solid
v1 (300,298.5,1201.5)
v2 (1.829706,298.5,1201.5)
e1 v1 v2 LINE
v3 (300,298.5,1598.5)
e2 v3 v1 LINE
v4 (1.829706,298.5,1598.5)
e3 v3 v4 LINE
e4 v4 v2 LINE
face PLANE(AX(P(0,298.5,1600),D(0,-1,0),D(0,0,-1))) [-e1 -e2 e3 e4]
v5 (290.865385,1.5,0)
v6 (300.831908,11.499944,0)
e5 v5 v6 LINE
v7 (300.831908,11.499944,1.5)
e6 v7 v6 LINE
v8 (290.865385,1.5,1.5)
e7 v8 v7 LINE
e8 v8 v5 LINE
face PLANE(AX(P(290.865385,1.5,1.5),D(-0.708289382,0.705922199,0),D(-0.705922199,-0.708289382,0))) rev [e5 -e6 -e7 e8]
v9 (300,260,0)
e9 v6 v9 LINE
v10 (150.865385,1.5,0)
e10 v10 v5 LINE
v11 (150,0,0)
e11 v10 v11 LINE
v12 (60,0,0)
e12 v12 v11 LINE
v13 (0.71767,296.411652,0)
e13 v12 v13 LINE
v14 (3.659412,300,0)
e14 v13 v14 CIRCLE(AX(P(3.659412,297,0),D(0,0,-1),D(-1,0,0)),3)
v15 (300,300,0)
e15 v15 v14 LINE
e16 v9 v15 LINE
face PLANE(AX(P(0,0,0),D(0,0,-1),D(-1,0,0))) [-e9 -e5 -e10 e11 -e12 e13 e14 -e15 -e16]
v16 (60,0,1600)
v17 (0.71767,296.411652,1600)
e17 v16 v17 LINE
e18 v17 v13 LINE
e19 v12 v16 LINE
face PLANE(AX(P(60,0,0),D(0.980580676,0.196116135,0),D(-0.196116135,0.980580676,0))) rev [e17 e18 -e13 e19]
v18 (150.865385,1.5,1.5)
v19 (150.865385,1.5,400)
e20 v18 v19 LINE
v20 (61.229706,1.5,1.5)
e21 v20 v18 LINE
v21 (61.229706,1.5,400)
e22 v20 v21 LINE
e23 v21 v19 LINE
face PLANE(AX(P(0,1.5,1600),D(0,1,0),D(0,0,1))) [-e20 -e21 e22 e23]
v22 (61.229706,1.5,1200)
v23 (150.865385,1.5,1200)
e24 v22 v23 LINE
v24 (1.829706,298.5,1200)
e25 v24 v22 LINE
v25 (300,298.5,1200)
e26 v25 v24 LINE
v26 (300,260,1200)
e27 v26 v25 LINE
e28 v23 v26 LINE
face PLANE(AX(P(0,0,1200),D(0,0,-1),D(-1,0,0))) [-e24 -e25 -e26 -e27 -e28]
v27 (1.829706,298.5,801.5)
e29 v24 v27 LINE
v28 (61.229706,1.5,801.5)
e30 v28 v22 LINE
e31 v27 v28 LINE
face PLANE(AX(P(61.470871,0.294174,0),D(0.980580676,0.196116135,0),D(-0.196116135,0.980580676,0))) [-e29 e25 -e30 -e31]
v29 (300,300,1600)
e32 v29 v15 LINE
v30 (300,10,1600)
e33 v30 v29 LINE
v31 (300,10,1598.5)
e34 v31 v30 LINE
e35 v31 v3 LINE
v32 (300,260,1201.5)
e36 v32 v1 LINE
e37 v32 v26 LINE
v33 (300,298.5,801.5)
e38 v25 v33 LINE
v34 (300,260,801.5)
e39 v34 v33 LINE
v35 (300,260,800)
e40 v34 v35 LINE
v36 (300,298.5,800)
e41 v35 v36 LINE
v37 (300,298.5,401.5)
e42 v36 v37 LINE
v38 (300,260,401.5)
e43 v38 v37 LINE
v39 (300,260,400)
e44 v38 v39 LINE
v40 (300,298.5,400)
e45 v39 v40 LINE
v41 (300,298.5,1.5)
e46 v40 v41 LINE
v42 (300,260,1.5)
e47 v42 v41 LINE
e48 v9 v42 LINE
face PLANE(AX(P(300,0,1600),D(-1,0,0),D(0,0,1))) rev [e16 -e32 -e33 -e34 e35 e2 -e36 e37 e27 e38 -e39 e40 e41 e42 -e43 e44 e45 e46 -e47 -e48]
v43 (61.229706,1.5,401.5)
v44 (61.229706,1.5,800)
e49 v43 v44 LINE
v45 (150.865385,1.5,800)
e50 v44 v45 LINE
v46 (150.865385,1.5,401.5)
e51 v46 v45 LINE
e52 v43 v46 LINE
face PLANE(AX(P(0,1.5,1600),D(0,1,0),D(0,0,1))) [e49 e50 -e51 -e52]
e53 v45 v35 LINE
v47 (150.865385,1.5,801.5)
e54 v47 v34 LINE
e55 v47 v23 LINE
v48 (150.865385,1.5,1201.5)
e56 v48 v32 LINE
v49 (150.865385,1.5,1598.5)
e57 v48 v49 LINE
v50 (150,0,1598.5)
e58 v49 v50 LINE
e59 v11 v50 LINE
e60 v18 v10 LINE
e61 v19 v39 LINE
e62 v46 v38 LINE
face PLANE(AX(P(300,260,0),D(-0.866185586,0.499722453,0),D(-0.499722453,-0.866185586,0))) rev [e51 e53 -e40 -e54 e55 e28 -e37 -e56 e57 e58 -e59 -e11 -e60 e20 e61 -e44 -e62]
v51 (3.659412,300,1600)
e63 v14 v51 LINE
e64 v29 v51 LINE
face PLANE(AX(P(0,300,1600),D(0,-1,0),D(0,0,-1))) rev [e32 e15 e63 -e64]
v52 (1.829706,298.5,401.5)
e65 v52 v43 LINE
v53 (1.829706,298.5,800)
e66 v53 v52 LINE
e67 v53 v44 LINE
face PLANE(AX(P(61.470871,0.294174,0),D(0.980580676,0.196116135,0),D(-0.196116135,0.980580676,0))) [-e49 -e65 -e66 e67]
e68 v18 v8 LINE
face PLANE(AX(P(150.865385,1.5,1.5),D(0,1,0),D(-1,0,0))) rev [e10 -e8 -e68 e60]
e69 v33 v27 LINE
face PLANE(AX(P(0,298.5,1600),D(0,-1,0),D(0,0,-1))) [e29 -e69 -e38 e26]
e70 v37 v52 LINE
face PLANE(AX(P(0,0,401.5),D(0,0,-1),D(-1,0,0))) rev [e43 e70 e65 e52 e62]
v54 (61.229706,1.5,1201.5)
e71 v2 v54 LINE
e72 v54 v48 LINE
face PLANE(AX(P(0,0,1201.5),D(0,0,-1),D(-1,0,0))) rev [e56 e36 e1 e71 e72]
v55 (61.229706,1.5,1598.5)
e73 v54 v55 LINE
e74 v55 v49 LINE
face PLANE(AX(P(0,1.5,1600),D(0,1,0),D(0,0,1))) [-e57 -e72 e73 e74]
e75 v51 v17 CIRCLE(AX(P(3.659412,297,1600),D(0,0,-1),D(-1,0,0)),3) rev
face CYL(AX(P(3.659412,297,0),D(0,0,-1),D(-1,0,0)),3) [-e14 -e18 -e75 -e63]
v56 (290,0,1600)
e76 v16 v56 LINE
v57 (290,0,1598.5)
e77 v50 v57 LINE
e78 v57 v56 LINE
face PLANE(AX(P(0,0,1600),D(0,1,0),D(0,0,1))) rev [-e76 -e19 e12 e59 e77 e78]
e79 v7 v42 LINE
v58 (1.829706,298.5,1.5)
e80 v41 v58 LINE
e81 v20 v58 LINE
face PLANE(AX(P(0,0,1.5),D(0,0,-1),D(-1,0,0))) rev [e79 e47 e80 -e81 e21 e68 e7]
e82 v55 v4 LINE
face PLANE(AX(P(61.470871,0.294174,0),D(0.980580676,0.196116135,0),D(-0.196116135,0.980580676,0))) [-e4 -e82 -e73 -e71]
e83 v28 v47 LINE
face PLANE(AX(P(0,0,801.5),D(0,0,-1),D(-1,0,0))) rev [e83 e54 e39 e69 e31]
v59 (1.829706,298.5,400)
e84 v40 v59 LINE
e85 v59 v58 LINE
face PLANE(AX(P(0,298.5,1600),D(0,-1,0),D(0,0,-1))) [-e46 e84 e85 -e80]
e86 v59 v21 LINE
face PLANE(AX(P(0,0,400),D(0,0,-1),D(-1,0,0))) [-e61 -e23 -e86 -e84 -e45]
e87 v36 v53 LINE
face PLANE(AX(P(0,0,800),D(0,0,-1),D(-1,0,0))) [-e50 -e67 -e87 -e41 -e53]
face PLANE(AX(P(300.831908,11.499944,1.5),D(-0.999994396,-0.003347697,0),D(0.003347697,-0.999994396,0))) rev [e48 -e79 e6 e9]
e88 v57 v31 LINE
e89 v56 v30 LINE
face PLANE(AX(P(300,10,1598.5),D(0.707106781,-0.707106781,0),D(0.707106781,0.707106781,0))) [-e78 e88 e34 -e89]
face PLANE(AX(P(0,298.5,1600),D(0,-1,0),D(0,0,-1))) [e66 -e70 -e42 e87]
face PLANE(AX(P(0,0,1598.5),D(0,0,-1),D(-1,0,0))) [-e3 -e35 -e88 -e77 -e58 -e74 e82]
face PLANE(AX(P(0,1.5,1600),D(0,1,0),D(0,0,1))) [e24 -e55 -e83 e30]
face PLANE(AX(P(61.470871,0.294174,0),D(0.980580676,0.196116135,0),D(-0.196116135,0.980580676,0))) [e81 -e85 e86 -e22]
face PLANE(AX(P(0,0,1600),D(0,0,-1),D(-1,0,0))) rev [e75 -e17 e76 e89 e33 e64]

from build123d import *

# Parameters (mm, degrees)
SKETCH_1_W             = 300
SKETCH_1_H             = 300
EXTRUDE_1_DEPTH        = 1600
CUT_EXTRUDE_1_DEPTH    = 1656.294535725
CUT_EXTRUDE_4_DEPTH    = 1656.294535725
SHELL_2_T              = -1.5
EXTRUDE_2_DEPTH        = 1.5
PATTERN_LINEAR_1_COUNT = 3
PATTERN_LINEAR_1_PITCH = 400
EXTRUDE_3_DEPTH        = 1.5
EXTRUDE_4_DEPTH        = 1.5
FILLET_1_R             = 3


with BuildPart() as part:
    # 草图1 → 凸台-拉伸1 (new body)
    with BuildSketch(Plane.XY):
        with Locations((150, 150)):
            Rectangle(SKETCH_1_W, SKETCH_1_H)
    extrude(amount=EXTRUDE_1_DEPTH)

    # 草图7 → 切除-拉伸1 (cut, through all)
    with BuildSketch(Plane.XY.offset(1600)):
        Polygon((300, 260), (150, 0), (300, 0), align=None)
    extrude(amount=-CUT_EXTRUDE_1_DEPTH, mode=Mode.SUBTRACT)

    # 草图11 → 切除-拉伸4 (cut, through all)
    with BuildSketch(Plane.XY.offset(1600)):
        Polygon((0, 300), (0, 0), (60, 0), align=None)
    extrude(amount=-CUT_EXTRUDE_4_DEPTH, mode=Mode.SUBTRACT)

    # 抽壳2
    shell_2_openings = [part.faces().sort_by_distance(p)[0] for p in [
        (225, 130, 800),
        (300, 280, 800),
    ]]
    offset(amount=SHELL_2_T, openings=shell_2_openings, kind=Kind.INTERSECTION)

    # 草图13 → 凸台-拉伸2 (add)
    with BuildSketch(Plane.XY.offset(1200)):
        Polygon((1.829705854, 298.5), (61.229705854, 1.5), (150.865384615, 1.5), (300, 260), (300, 298.5), align=None)
    extrude_2 = extrude(amount=EXTRUDE_2_DEPTH)

    # 阵列(线性)1: 凸台-拉伸2 ×3
    with Locations(*[(0, 0, -i * PATTERN_LINEAR_1_PITCH) for i in range(1, PATTERN_LINEAR_1_COUNT)]):
        add(extrude_2)

    # 草图14 → 凸台-拉伸3 (add)
    with BuildSketch(Plane.XY.offset(1600)):
        Polygon((300, 260), (300, 10), (290, 0), (150, 0), align=None)
    extrude(amount=-EXTRUDE_3_DEPTH)

    # 草图15 → 凸台-拉伸4 (add)
    with BuildSketch(Plane(origin=(0, 0, 0), x_dir=(-1, 0, 0), z_dir=(0, 0, -1))):
        Polygon((-300, 260), (-150.865384615, 1.5), (-290.865384615, 1.5), (-300.831907642, 11.499943964), align=None)
    extrude(amount=-EXTRUDE_4_DEPTH)

    # 圆角1
    fillet_1_edges = [part.edges().sort_by_distance(p)[0] for p in [
        (0, 300, 800),
    ]]
    fillet(fillet_1_edges, radius=FILLET_1_R)


solid = part.part
